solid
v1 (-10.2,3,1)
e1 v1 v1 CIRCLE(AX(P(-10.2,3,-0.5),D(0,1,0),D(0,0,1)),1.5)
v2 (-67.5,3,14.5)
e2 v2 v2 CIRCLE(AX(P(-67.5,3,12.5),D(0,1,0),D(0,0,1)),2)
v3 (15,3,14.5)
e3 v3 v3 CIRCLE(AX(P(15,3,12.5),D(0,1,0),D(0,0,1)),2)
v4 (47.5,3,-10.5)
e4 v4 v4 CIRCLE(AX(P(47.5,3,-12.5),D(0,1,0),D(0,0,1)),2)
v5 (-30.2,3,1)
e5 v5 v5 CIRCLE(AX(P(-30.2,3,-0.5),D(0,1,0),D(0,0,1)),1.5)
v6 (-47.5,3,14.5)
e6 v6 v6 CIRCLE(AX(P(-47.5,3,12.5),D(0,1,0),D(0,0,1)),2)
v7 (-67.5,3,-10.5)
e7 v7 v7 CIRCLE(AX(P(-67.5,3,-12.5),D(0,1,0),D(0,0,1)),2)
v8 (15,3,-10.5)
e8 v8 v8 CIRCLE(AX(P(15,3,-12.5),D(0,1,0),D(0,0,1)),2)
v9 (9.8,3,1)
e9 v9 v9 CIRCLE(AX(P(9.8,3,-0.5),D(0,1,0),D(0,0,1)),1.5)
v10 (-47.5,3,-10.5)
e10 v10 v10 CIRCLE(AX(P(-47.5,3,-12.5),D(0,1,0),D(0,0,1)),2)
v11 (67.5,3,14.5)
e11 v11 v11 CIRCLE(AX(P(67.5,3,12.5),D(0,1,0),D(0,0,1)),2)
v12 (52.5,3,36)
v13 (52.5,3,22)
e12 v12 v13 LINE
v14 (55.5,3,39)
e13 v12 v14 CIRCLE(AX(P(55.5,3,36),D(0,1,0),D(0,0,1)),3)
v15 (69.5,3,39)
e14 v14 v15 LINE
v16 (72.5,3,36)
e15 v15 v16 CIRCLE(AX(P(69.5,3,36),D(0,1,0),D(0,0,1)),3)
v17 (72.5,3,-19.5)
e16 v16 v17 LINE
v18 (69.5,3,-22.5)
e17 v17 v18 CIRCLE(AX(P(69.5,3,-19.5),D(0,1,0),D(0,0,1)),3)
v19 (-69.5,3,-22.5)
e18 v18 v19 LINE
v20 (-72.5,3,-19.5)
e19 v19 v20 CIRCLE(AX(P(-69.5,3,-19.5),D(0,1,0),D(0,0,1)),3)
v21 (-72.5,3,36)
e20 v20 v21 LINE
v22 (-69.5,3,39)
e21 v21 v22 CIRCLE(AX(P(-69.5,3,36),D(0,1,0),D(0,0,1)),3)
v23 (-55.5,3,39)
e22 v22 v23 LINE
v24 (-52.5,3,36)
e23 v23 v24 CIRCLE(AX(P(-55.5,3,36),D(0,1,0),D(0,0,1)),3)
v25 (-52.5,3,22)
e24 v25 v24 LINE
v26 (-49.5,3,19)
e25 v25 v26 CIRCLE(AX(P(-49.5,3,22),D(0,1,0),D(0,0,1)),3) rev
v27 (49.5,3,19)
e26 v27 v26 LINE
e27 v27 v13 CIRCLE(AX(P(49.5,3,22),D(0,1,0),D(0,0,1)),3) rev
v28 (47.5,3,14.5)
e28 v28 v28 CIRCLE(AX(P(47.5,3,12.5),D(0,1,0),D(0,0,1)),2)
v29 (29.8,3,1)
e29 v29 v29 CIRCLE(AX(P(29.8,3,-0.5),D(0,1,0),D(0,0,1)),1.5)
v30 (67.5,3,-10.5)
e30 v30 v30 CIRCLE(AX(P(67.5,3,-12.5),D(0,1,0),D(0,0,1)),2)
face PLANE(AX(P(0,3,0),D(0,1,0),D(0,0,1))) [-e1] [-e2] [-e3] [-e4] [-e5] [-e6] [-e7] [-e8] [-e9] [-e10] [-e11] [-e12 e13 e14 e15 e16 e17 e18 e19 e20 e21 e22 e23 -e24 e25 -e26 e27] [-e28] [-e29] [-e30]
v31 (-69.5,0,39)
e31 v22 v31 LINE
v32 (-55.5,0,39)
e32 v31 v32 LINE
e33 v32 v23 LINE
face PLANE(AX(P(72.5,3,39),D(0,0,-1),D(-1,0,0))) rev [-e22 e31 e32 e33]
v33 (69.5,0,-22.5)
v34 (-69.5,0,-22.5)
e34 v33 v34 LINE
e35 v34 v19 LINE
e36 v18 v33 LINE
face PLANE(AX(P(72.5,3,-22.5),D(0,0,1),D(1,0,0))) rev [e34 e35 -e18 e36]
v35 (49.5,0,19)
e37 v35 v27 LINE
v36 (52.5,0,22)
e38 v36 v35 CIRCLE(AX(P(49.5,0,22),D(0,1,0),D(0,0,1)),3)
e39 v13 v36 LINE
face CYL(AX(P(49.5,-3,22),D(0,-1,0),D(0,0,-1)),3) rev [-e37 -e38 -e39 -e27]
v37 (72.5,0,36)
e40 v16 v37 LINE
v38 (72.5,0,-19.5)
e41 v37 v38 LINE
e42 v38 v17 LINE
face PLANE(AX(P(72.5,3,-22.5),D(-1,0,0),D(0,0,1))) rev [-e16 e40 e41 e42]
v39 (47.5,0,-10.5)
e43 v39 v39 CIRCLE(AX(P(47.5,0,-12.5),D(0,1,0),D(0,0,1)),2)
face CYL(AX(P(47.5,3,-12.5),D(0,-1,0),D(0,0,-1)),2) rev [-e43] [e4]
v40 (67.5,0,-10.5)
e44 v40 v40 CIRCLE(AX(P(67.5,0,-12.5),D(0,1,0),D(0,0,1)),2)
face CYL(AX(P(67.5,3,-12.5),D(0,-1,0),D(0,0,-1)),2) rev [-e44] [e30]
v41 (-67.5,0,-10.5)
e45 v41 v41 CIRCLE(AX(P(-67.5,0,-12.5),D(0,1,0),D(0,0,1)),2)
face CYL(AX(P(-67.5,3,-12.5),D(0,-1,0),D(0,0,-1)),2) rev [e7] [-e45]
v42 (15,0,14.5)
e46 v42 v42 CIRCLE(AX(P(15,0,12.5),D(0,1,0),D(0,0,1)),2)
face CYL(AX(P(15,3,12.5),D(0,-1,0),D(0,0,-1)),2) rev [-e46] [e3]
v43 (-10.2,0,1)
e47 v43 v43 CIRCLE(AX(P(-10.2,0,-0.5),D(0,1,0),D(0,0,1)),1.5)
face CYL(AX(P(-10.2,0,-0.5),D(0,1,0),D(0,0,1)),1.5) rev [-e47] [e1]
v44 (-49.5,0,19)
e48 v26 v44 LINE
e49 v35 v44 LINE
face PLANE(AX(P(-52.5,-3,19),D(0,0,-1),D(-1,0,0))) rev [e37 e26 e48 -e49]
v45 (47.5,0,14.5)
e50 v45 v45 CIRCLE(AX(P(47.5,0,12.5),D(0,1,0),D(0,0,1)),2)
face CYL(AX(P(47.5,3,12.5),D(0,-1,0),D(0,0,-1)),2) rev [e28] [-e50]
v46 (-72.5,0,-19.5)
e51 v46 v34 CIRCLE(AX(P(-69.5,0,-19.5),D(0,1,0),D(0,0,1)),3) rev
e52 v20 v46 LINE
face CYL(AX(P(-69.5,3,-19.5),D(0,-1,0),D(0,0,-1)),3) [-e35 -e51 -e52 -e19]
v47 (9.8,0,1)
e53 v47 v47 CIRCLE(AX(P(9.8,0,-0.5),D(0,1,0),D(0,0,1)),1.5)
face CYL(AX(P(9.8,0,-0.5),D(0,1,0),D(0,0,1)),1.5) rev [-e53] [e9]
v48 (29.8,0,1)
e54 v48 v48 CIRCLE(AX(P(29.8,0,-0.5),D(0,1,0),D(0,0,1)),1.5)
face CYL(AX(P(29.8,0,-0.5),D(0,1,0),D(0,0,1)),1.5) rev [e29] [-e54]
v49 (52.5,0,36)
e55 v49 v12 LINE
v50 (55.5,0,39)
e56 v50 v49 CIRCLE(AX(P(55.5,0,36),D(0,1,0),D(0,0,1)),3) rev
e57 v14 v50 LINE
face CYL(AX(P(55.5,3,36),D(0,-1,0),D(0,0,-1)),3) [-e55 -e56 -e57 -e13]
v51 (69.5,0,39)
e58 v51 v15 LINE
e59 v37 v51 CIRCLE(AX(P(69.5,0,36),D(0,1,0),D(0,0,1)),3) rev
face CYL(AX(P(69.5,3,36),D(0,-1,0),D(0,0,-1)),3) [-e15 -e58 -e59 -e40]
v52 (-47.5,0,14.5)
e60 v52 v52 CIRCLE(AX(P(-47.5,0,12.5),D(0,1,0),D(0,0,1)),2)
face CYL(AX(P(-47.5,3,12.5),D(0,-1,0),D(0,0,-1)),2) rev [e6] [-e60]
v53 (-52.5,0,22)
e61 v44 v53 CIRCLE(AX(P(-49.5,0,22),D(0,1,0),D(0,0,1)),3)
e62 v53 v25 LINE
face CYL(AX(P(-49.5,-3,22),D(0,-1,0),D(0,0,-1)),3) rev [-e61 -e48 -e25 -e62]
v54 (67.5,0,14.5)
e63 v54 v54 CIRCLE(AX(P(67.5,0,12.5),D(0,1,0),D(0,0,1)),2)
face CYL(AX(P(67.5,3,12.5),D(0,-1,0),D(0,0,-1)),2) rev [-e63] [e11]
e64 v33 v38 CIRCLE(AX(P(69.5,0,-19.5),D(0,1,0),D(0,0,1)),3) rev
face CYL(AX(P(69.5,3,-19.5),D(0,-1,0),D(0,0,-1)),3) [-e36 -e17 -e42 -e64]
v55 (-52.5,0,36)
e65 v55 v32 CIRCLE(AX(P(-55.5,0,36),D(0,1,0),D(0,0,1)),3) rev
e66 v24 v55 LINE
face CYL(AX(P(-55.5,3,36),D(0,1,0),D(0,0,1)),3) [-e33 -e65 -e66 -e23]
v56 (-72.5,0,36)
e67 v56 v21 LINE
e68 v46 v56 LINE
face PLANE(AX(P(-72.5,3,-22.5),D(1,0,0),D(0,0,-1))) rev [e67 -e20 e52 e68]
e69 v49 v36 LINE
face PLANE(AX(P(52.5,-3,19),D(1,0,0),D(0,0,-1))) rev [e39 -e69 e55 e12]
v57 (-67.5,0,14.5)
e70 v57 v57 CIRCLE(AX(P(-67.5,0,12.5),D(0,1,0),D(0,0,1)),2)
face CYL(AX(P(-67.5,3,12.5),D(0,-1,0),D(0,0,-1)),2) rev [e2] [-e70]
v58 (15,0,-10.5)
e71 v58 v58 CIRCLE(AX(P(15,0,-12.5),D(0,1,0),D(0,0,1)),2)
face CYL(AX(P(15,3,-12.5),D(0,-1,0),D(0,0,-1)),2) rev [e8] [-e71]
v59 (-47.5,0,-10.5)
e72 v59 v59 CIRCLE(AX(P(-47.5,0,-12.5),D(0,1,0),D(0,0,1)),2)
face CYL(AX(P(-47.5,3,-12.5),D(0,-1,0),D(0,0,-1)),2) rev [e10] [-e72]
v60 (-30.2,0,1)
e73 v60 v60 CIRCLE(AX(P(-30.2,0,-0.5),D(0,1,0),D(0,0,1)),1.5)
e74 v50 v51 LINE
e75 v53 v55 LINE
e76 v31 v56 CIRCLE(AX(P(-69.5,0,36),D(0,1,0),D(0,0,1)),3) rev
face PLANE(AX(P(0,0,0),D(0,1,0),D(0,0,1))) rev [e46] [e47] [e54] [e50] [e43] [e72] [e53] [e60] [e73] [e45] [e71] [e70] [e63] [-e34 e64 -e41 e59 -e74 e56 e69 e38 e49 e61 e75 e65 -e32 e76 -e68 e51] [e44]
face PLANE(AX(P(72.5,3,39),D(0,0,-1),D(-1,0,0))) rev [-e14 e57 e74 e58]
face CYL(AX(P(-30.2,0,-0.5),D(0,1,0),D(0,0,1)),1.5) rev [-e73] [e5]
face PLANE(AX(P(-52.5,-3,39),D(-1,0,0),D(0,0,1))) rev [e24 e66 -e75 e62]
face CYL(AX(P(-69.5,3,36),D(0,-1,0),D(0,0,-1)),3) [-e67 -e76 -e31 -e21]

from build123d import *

# Parameters (mm, degrees)
SKETCH_1_W          = 145
SKETCH_1_H          = 61.5
SKETCH_1_R          = 2
EXTRUDE_1_DEPTH     = 3
FILLET_1_R          = 3
SKETCH_4_W          = 105
SKETCH_4_H          = 20
CUT_EXTRUDE_3_DEPTH = 6
SKETCH_6_R          = 1.5
CUT_EXTRUDE_6_DEPTH = 83.378698703
FILLET_3_R          = 3


with BuildPart() as part:
    # 草图1 → 凸台-拉伸1 (new body)
    with BuildSketch(Plane(origin=(0, 0, 0), x_dir=(1, 0, 0), z_dir=(0, 1, 0))):
        with Locations((0, -8.25)):
            Rectangle(SKETCH_1_W, SKETCH_1_H)
        with Locations(Location((-67.5, 12.5, 0), (0, 0, 270))):
            Circle(SKETCH_1_R, mode=Mode.SUBTRACT)
        with Locations(Location((-67.5, -12.5, 0), (0, 0, 270))):
            Circle(SKETCH_1_R, mode=Mode.SUBTRACT)
        with Locations(Location((67.5, 12.5, 0), (0, 0, 270))):
            Circle(SKETCH_1_R, mode=Mode.SUBTRACT)
        with Locations(Location((67.5, -12.5, 0), (0, 0, 270))):
            Circle(SKETCH_1_R, mode=Mode.SUBTRACT)
        with Locations(Location((15, 12.5, 0), (0, 0, 270))):
            Circle(SKETCH_1_R, mode=Mode.SUBTRACT)
        with Locations(Location((15, -12.5, 0), (0, 0, 270))):
            Circle(SKETCH_1_R, mode=Mode.SUBTRACT)
        with Locations(Location((-47.5, 12.5, 0), (0, 0, 270))):
            Circle(SKETCH_1_R, mode=Mode.SUBTRACT)
        with Locations(Location((-47.5, -12.5, 0), (0, 0, 270))):
            Circle(SKETCH_1_R, mode=Mode.SUBTRACT)
        with Locations(Location((47.5, 12.5, 0), (0, 0, 270))):
            Circle(SKETCH_1_R, mode=Mode.SUBTRACT)
        with Locations(Location((47.5, -12.5, 0), (0, 0, 270))):
            Circle(SKETCH_1_R, mode=Mode.SUBTRACT)
    extrude(amount=EXTRUDE_1_DEPTH)

    # 圆角1
    fillet_1_edges = [part.edges().sort_by_distance(p)[0] for p in [
        (72.5, 1.5, -22.5),
        (72.5, 1.5, 39),
        (-72.5, 1.5, 39),
        (-72.5, 1.5, -22.5),
    ]]
    fillet(fillet_1_edges, radius=FILLET_1_R)

    # 草图4 → 切除-拉伸3 (cut)
    with BuildSketch(Plane(origin=(0, 3, 0), x_dir=(1, 0, 0), z_dir=(0, 1, 0))):
        with Locations((0, -29)):
            Rectangle(SKETCH_4_W, SKETCH_4_H)
    extrude(amount=-CUT_EXTRUDE_3_DEPTH, mode=Mode.SUBTRACT)

    # 草图6 → 切除-拉伸6 (cut, through all)
    with BuildSketch(Plane(origin=(0, 3, 0), x_dir=(1, 0, 0), z_dir=(0, 1, 0))):
        with Locations(Location((-30.2, 0.5, 0), (0, 0, 270))):
            Circle(SKETCH_6_R)
        with Locations(Location((-10.2, 0.5, 0), (0, 0, 270))):
            Circle(SKETCH_6_R)
        with Locations(Location((9.8, 0.5, 0), (0, 0, 270))):
            Circle(SKETCH_6_R)
        with Locations(Location((29.8, 0.5, 0), (0, 0, 270))):
            Circle(SKETCH_6_R)
    extrude(amount=-CUT_EXTRUDE_6_DEPTH, mode=Mode.SUBTRACT)

    # 圆角3
    fillet_3_edges = [part.edges().sort_by_distance(p)[0] for p in [
        (52.5, 1.5, 39),
        (-52.5, 1.5, 39),
        (-52.5, 1.5, 19),
        (52.5, 1.5, 19),
    ]]
    fillet(fillet_3_edges, radius=FILLET_3_R)


solid = part.part
